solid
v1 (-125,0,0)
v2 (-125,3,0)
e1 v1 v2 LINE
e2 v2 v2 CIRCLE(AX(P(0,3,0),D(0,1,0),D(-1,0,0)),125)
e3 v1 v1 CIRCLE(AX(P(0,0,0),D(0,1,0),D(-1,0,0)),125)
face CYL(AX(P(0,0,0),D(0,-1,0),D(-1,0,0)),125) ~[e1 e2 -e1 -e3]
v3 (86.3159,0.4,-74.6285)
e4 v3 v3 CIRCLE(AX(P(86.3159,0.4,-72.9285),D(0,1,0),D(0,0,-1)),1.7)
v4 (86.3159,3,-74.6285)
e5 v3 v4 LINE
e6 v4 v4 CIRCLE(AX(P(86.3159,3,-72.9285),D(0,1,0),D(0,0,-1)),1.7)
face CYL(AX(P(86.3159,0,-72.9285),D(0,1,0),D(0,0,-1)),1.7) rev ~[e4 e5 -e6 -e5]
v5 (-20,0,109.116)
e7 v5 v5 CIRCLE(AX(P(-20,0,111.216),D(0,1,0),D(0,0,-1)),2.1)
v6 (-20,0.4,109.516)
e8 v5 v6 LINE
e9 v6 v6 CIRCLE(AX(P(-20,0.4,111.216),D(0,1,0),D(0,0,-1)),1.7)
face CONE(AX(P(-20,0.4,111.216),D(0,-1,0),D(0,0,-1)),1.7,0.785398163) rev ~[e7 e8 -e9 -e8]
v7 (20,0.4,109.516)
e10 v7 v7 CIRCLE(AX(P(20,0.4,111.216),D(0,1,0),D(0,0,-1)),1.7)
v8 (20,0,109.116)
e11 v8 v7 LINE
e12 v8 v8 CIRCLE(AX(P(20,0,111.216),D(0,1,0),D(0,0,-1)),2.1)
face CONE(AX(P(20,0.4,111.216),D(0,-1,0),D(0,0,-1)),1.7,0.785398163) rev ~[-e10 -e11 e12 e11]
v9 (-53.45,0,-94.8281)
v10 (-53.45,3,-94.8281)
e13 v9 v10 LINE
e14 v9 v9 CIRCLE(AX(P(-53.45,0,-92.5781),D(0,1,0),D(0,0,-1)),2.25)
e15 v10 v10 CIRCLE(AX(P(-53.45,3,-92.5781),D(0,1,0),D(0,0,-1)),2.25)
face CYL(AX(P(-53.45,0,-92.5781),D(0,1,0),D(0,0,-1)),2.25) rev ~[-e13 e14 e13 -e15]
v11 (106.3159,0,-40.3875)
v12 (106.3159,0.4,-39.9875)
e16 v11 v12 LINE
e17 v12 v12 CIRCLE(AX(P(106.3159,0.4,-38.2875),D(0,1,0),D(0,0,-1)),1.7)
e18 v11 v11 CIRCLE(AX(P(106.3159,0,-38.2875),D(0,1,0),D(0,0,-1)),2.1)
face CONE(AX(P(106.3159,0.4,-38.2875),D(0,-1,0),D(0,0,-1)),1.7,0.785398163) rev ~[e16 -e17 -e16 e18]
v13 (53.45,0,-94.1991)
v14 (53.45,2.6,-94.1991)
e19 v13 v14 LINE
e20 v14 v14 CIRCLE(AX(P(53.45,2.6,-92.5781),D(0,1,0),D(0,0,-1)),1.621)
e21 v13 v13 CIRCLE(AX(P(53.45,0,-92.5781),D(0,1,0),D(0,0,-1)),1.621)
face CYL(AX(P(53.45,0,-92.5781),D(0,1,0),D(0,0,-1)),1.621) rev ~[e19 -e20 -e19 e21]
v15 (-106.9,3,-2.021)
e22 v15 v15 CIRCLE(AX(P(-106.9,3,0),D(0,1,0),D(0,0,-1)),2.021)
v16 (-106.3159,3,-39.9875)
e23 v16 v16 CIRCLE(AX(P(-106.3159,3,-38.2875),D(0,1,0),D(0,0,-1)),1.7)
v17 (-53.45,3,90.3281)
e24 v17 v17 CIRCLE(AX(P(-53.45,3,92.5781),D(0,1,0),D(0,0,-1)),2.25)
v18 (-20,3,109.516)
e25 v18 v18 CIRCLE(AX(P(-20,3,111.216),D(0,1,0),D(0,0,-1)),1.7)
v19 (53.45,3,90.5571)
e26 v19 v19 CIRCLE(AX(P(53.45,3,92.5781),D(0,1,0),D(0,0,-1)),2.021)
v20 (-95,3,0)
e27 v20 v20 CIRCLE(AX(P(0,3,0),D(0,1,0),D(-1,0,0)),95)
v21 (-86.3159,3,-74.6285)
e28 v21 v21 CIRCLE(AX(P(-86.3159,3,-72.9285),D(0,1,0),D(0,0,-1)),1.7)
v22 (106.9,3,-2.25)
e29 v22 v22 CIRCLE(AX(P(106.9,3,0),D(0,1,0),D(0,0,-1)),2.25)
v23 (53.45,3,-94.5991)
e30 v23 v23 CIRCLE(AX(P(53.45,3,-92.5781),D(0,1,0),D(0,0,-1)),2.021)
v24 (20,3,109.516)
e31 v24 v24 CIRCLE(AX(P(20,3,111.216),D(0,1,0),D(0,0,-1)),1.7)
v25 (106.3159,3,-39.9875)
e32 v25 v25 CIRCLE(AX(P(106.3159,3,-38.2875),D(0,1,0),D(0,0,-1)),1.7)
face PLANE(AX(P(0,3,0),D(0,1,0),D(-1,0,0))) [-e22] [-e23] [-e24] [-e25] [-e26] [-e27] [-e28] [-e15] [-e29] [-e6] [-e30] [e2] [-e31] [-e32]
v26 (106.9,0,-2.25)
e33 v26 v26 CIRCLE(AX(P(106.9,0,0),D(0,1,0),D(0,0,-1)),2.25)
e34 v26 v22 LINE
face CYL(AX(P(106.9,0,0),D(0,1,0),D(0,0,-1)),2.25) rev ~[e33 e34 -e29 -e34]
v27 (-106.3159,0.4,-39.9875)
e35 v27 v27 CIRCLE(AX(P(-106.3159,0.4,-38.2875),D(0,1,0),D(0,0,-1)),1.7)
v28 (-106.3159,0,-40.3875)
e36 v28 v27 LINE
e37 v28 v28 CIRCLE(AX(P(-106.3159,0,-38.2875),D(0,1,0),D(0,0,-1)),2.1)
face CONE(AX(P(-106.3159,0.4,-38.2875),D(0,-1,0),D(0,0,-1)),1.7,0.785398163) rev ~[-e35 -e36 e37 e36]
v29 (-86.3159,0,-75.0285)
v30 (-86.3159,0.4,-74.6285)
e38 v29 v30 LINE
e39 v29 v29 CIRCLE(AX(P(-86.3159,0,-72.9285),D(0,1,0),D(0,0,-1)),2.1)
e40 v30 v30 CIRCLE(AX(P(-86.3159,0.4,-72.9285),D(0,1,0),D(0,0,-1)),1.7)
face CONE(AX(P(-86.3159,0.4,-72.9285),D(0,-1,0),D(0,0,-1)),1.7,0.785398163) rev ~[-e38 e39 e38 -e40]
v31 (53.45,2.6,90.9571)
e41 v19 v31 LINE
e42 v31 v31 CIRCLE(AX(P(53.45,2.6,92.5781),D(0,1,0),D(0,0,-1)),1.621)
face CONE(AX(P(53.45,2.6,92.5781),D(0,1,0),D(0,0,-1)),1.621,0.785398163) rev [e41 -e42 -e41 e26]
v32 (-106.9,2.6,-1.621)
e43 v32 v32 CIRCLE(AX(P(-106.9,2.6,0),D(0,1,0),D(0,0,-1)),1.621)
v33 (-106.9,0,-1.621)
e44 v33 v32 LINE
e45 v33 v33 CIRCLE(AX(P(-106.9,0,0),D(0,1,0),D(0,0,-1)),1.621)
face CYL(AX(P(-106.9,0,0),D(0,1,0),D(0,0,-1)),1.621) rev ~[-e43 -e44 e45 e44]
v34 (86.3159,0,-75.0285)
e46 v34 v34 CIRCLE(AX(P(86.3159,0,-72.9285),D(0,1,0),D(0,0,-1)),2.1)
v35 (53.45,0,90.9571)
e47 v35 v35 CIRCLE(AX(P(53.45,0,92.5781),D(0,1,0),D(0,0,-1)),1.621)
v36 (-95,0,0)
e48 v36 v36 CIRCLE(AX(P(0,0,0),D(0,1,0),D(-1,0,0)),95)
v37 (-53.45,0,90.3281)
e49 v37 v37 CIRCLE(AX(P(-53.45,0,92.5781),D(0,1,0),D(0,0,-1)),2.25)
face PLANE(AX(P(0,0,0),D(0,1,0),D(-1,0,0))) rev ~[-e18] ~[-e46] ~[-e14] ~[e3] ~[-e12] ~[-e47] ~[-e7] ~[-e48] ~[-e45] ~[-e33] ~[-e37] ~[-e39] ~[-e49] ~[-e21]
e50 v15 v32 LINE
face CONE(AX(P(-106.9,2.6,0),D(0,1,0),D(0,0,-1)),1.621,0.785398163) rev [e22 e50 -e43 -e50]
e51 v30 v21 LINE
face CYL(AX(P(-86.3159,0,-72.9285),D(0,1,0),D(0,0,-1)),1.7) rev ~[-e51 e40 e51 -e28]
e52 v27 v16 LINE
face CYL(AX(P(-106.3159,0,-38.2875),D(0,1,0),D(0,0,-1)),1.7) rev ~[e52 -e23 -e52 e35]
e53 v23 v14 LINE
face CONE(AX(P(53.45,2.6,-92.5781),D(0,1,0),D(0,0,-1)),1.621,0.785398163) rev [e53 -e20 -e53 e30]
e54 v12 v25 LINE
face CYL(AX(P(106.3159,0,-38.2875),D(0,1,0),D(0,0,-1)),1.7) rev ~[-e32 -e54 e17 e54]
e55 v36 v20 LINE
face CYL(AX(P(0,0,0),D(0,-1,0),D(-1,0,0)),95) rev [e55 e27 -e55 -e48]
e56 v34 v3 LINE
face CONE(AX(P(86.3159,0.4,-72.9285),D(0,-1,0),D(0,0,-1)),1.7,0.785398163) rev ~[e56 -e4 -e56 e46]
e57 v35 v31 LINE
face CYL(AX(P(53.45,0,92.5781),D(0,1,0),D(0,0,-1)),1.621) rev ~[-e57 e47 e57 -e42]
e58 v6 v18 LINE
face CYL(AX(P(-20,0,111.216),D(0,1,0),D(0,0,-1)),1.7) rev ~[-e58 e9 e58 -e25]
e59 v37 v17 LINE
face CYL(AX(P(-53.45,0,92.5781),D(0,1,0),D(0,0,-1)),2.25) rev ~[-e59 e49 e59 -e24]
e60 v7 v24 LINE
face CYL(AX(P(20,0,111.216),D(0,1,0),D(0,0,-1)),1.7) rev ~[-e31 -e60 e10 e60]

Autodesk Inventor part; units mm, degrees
ref_plane "YZ Plane" through (0, 0, 0) normal (1, 0, 0) x (0, 1, 0)
ref_plane "XZ Plane" through (0, 0, 0) normal (0, 1, 0) x (-1, 0, 0)
ref_plane "XY Plane" through (0, 0, 0) normal (0, 0, 1) x (1, 0, 0)
sketch "Szkic3" plane through (0, 0, 0) normal (0, 1, 0) x (-1, 0, 0)
  circle A0 centre (0, 0) radius 125
  circle A1 centre (0, 0) radius 95
  dimension "d14" = 190
extrude "Wyciągnięcie proste3" add sketch "Szkic3" along normal blind 3
sketch "Szkic4" plane through (0, 0, 0) normal (0, -1, 0) x (1, 0, 0)
  circle A0 centre (0, 0) radius 113
  line L0 (0, 0) -> (0, 141.0619)
  point P0 (20, 111.216)
  point P1 (-20, 111.216)
  point P2 (-106.3159, -38.2875)
  point P3 (-86.3159, -72.9285)
  point P4 (86.3159, -72.9285)
  point P5 (106.3159, -38.2875)
  dimension "d23" = 226
  dimension "d24" = 20
  dimension "d25" = 20
  dimension "d96" = 360
sketch "Szkic7" plane through (0, 0, 0) normal (0, -1, 0) x (1, 0, 0)
  circle A0 centre (0, 0) radius 106.9
  point P0 (106.9, 0)
  point P1 (-53.45, 92.5781)
  point P2 (-53.45, -92.5781)
  dimension "d69" = 213.8
  dimension "d72" = 360
hole "Otwór2" at (106.9, 0, 0) at (-53.45, 0, 92.5781) at (-53.45, 0, -92.5781) direction (0, 1, 0) diameter 4.5 end through all clearance for "Śruba ze łbem stożkowym ISO 2009/7046" size "M4" standard "ISO"
sketch "Szkic9" plane through (0, 0, 0) normal (0, -1, 0) x (1, 0, 0)
  point P0 (0, 0)
  point P1 (53.45, -92.5781)
  point P2 (53.45, 92.5781)
  point P3 (-106.9, 0)
  dimension "d85" = 360
hole "Otwór3" at (53.45, 0, -92.5781) at (53.45, 0, 92.5781) at (-106.9, 0, 0) direction (0, 1, 0) diameter 3.242 end through all thread size "M4x0.7" class "6H" standard "ISO Metric profile"
hole "Otwór4" at (20, 0, 111.216) at (-20, 0, 111.216) at (-106.3159, 0, -38.2875) at (-86.3159, 0, -72.9285) at (86.3159, 0, -72.9285) at (106.3159, 0, -38.2875) direction (0, 1, 0) diameter 3.4 end through all clearance for "Śruba ze łbem stożkowym ISO 2009/7046" size "M3" standard "ISO"
chamfer "Faza1" distance 0.4 angle 45 9 edges at (86.3159, 0, -71.2285) (106.3159, 0, -36.5875) (-86.3159, 0, -71.2285) (-106.3159, 0, -36.5875) (20, 0, 112.916) (-20, 0, 112.916) (53.45, 3, -90.9571) (-106.9, 3, 1.621) (53.45, 3, 94.1991)
properties part number "RingPrimaryMirror" material "Stal nierdzewna"
